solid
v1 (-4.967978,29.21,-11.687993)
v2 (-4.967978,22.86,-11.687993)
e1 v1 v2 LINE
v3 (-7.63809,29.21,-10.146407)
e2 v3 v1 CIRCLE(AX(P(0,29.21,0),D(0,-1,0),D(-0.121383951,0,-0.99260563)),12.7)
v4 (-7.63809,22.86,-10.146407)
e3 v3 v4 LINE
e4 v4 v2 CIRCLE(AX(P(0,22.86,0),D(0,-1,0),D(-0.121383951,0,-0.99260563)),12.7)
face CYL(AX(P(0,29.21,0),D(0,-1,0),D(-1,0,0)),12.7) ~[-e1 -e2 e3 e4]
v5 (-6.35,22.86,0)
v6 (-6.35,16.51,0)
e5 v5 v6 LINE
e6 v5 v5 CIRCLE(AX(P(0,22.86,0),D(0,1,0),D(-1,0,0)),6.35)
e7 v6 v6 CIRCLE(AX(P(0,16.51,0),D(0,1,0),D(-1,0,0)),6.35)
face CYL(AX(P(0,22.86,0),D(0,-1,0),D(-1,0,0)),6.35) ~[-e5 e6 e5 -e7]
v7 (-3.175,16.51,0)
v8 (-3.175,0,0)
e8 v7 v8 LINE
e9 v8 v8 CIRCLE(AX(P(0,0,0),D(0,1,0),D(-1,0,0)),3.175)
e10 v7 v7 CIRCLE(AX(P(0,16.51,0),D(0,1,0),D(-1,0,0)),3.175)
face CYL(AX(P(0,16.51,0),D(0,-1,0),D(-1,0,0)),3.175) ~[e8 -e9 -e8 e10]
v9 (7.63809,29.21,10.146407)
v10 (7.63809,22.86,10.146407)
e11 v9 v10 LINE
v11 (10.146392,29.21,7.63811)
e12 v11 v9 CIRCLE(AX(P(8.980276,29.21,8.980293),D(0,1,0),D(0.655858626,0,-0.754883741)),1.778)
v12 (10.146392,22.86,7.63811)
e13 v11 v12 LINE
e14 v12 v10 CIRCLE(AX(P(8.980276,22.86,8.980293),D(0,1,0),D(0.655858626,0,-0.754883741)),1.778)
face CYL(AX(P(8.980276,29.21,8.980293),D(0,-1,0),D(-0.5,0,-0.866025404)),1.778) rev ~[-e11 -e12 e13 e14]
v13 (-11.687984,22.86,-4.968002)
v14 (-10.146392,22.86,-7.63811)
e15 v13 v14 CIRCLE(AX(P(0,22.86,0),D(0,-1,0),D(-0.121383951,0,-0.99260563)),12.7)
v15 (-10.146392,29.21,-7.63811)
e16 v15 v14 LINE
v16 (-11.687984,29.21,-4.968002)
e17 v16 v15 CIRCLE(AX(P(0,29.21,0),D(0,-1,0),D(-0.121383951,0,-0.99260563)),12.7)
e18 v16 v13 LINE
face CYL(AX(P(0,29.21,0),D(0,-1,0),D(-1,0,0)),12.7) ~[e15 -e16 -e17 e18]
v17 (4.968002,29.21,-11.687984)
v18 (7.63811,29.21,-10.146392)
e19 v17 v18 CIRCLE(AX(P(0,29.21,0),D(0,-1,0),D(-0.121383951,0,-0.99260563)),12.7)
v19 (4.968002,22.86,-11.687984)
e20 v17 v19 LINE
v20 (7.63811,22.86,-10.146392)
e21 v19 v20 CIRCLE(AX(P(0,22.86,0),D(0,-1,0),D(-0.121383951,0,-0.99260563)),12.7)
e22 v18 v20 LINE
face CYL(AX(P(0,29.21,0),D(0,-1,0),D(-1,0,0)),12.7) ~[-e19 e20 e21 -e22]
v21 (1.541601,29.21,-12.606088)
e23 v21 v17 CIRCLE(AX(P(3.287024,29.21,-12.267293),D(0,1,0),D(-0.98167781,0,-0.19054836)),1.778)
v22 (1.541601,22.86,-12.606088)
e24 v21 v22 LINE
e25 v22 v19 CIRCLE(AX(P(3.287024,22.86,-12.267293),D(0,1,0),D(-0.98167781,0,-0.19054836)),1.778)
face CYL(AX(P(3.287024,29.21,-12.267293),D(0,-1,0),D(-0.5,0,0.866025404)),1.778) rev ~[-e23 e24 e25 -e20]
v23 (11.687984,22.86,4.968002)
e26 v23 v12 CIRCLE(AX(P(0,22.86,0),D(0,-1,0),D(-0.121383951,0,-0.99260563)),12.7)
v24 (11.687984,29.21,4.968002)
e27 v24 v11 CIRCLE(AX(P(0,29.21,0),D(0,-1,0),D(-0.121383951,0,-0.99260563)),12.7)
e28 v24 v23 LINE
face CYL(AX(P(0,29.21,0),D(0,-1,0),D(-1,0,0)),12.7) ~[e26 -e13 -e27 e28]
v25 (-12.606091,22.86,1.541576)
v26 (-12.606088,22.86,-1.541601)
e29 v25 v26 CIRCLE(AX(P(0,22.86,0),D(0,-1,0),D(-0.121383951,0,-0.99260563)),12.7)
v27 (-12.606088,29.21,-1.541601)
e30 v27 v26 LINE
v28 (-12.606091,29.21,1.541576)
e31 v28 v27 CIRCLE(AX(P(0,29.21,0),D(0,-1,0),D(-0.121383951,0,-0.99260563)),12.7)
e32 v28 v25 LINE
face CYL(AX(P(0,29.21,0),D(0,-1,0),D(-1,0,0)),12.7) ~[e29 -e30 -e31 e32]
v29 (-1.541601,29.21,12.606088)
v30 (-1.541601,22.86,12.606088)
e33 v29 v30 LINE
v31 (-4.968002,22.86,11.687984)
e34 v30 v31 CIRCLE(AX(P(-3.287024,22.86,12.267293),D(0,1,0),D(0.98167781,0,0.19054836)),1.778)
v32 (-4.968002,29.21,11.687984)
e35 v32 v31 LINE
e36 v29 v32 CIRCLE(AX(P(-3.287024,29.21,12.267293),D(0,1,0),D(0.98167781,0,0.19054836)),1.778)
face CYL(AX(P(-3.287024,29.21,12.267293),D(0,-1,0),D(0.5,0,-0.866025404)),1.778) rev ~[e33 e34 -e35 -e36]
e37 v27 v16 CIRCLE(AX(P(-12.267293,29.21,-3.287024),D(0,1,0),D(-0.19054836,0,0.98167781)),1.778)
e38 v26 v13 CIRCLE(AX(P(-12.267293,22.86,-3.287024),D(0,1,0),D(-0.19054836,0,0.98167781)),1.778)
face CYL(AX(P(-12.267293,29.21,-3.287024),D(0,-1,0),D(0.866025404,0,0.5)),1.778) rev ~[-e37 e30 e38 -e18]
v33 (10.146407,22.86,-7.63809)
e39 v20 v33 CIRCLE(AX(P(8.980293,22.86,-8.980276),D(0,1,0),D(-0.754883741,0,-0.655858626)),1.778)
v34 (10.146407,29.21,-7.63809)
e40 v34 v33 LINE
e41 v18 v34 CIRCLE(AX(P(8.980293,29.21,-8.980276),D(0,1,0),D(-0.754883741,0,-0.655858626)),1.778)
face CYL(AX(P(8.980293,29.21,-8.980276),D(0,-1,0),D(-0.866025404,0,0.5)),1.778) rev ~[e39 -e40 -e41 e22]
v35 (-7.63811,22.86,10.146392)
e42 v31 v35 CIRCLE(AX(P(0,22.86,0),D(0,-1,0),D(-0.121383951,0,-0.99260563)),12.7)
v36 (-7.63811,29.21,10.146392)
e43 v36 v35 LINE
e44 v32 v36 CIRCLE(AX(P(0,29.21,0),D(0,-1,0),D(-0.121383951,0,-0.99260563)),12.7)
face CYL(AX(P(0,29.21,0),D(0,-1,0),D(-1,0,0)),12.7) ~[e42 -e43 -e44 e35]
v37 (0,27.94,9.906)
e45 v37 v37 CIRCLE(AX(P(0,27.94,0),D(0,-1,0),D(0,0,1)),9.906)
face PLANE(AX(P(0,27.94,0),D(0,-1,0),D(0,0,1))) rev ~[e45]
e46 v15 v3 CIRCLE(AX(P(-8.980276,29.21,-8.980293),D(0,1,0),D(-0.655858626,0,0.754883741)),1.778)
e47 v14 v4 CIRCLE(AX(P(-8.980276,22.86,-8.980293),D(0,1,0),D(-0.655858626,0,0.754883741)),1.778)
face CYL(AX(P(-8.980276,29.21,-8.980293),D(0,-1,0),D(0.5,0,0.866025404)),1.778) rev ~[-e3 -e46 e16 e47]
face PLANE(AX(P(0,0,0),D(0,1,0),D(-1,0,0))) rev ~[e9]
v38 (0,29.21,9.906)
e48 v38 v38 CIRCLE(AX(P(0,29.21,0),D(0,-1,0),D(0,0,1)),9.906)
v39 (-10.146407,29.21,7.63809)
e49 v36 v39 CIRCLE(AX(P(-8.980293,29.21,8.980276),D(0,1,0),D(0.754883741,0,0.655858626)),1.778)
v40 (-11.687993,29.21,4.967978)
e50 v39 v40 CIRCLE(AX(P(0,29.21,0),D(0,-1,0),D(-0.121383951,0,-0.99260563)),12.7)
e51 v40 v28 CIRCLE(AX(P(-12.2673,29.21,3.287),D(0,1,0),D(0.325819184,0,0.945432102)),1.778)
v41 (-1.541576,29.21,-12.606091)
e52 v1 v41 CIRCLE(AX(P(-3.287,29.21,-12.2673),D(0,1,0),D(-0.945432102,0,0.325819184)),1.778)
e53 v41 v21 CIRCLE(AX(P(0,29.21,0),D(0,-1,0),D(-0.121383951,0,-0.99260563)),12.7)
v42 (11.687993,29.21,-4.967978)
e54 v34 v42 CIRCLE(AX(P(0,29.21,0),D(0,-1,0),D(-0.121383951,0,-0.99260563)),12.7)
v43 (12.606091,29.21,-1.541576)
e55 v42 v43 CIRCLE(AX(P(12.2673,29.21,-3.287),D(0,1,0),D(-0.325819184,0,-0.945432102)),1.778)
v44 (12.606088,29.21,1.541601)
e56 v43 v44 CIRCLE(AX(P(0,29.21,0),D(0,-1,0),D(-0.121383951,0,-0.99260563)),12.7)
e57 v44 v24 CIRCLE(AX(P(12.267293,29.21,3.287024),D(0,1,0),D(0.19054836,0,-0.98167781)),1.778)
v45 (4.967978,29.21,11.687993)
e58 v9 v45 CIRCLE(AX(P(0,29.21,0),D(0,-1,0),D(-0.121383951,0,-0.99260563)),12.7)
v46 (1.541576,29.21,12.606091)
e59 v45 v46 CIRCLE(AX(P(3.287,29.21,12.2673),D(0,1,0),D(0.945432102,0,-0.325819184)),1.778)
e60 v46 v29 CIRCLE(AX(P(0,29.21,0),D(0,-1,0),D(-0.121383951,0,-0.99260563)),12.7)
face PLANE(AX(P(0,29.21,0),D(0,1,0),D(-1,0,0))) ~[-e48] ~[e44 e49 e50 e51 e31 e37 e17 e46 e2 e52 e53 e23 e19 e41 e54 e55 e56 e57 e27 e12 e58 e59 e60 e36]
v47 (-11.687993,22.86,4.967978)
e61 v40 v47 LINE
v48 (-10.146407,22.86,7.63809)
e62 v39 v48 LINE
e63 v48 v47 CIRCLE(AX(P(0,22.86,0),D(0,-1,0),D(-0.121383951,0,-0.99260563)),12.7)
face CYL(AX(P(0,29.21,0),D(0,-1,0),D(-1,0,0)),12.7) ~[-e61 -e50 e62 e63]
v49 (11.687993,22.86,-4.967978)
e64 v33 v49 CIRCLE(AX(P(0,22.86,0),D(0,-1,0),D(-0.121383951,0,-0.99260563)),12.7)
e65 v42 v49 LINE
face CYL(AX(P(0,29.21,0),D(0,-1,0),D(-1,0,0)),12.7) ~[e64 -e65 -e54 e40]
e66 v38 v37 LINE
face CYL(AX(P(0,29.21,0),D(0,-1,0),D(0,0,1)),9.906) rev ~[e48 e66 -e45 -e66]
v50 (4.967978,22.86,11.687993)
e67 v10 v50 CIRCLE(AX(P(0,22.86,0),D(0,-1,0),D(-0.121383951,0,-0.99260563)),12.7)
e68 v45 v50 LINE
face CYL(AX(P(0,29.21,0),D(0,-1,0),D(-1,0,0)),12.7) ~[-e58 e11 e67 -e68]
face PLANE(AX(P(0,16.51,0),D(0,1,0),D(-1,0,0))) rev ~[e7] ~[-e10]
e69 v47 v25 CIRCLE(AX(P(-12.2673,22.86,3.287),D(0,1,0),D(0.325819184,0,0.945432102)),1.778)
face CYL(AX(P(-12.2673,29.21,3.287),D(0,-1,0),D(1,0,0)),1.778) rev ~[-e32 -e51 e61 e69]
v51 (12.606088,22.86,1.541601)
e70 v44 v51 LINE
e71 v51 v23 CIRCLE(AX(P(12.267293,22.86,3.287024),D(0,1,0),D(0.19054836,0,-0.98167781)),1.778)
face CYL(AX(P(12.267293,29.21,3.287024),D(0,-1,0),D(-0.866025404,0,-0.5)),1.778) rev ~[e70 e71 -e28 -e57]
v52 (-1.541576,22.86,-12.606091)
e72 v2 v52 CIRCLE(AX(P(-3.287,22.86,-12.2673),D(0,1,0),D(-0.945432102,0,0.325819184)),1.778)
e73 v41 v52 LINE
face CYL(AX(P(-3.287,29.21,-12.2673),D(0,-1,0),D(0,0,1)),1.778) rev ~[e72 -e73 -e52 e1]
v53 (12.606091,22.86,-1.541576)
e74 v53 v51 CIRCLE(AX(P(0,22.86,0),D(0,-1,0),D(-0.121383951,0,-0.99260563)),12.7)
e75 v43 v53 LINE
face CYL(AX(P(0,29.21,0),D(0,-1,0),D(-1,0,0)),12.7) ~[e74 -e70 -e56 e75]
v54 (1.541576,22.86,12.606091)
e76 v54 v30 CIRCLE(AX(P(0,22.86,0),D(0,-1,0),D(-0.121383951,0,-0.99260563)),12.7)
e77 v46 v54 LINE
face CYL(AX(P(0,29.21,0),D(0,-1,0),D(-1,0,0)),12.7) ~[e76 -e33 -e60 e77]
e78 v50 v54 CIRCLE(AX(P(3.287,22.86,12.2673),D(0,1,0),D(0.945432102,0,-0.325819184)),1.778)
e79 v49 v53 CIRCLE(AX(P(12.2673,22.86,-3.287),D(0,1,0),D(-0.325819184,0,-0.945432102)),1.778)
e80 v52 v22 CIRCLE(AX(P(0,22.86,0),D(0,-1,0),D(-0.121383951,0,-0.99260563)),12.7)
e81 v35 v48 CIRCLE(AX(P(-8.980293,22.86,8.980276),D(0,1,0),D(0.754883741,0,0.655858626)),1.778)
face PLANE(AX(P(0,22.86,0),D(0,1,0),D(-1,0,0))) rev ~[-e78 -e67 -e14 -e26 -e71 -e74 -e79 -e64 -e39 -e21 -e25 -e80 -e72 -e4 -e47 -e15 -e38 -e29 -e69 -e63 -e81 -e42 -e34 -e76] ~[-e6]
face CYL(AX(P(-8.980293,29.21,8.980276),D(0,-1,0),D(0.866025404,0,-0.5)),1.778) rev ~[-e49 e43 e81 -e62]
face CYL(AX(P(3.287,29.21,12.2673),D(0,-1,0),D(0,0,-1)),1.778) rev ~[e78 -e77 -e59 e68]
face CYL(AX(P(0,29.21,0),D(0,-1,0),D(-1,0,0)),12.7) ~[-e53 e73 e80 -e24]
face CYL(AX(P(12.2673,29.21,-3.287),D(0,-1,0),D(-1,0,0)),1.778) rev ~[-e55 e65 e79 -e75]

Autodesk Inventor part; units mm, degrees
ref_plane "YZ Plane" through (0, 0, 0) normal (1, 0, 0) x (0, 1, 0)
ref_plane "XZ Plane" through (0, 0, 0) normal (0, 1, 0) x (-1, 0, 0)
ref_plane "XY Plane" through (0, 0, 0) normal (0, 0, 1) x (1, 0, 0)
sketch "Sketch1" plane through (0, 0, 0) normal (0, 0, 1) x (1, 0, 0)
  line L0 (0, 0) -> (0, 29.21)
  line L1 (0, 29.21) -> (-12.7, 29.21)
  line L2 (-12.7, 29.21) -> (-12.7, 22.86)
  line L3 (-12.7, 22.86) -> (-6.35, 22.86)
  line L4 (-6.35, 22.86) -> (-6.35, 16.51)
  line L5 (-6.35, 16.51) -> (-3.175, 16.51)
  line L6 (-3.175, 16.51) -> (-3.175, 0)
  line L7 (-3.175, 0) -> (0, 0)
  dimension "d0" = 29.21
  dimension "d1" = 12.7
  dimension "d2" = 6.35
  dimension "d3" = 6.35
  dimension "d4" = 6.35
  dimension "d5" = 3.175
revolve "Revolution1" add sketch "Sketch1" angle 360 about axis through (0, 0, 0) along (0, 1, 0)
sketch "Sketch2" plane through (0, 29.21, 0) normal (0, 1, 0) x (1, 0, 0)
  circle A0 centre (0, 0) radius 9.906
  dimension "d7" = 19.812
sketch "Sketch3" plane through (0, 29.21, 0) normal (0, 1, 0) x (1, 0, 0)
  line L0 (0, 0) -> (-3.287, 12.2673)
  line L1 (0, 0) -> (0, 12.62)
  dimension "d8" = 12.7
  dimension "d9" = 15
hole "Hole1" at (-3.287, 29.21, -12.2673) direction (0, -1, 0) diameter 3.556 end through all
pattern_circular "Circular Pattern1" count 12 over 360 about axis through (0, 26.035, 0) along (0, 1, 0) of "Hole1"
hole "Hole2" at (0, 29.21, 0) direction (0, -1, 0) diameter 19.812 depth 1.27
thread "Thread1" size "1/4-20 UNC" class "2A" standard "ANSI Unified Screw Threads" length 25.4 offset 8.128
properties part number "Lopez_Knob" material "Polypropylene"
